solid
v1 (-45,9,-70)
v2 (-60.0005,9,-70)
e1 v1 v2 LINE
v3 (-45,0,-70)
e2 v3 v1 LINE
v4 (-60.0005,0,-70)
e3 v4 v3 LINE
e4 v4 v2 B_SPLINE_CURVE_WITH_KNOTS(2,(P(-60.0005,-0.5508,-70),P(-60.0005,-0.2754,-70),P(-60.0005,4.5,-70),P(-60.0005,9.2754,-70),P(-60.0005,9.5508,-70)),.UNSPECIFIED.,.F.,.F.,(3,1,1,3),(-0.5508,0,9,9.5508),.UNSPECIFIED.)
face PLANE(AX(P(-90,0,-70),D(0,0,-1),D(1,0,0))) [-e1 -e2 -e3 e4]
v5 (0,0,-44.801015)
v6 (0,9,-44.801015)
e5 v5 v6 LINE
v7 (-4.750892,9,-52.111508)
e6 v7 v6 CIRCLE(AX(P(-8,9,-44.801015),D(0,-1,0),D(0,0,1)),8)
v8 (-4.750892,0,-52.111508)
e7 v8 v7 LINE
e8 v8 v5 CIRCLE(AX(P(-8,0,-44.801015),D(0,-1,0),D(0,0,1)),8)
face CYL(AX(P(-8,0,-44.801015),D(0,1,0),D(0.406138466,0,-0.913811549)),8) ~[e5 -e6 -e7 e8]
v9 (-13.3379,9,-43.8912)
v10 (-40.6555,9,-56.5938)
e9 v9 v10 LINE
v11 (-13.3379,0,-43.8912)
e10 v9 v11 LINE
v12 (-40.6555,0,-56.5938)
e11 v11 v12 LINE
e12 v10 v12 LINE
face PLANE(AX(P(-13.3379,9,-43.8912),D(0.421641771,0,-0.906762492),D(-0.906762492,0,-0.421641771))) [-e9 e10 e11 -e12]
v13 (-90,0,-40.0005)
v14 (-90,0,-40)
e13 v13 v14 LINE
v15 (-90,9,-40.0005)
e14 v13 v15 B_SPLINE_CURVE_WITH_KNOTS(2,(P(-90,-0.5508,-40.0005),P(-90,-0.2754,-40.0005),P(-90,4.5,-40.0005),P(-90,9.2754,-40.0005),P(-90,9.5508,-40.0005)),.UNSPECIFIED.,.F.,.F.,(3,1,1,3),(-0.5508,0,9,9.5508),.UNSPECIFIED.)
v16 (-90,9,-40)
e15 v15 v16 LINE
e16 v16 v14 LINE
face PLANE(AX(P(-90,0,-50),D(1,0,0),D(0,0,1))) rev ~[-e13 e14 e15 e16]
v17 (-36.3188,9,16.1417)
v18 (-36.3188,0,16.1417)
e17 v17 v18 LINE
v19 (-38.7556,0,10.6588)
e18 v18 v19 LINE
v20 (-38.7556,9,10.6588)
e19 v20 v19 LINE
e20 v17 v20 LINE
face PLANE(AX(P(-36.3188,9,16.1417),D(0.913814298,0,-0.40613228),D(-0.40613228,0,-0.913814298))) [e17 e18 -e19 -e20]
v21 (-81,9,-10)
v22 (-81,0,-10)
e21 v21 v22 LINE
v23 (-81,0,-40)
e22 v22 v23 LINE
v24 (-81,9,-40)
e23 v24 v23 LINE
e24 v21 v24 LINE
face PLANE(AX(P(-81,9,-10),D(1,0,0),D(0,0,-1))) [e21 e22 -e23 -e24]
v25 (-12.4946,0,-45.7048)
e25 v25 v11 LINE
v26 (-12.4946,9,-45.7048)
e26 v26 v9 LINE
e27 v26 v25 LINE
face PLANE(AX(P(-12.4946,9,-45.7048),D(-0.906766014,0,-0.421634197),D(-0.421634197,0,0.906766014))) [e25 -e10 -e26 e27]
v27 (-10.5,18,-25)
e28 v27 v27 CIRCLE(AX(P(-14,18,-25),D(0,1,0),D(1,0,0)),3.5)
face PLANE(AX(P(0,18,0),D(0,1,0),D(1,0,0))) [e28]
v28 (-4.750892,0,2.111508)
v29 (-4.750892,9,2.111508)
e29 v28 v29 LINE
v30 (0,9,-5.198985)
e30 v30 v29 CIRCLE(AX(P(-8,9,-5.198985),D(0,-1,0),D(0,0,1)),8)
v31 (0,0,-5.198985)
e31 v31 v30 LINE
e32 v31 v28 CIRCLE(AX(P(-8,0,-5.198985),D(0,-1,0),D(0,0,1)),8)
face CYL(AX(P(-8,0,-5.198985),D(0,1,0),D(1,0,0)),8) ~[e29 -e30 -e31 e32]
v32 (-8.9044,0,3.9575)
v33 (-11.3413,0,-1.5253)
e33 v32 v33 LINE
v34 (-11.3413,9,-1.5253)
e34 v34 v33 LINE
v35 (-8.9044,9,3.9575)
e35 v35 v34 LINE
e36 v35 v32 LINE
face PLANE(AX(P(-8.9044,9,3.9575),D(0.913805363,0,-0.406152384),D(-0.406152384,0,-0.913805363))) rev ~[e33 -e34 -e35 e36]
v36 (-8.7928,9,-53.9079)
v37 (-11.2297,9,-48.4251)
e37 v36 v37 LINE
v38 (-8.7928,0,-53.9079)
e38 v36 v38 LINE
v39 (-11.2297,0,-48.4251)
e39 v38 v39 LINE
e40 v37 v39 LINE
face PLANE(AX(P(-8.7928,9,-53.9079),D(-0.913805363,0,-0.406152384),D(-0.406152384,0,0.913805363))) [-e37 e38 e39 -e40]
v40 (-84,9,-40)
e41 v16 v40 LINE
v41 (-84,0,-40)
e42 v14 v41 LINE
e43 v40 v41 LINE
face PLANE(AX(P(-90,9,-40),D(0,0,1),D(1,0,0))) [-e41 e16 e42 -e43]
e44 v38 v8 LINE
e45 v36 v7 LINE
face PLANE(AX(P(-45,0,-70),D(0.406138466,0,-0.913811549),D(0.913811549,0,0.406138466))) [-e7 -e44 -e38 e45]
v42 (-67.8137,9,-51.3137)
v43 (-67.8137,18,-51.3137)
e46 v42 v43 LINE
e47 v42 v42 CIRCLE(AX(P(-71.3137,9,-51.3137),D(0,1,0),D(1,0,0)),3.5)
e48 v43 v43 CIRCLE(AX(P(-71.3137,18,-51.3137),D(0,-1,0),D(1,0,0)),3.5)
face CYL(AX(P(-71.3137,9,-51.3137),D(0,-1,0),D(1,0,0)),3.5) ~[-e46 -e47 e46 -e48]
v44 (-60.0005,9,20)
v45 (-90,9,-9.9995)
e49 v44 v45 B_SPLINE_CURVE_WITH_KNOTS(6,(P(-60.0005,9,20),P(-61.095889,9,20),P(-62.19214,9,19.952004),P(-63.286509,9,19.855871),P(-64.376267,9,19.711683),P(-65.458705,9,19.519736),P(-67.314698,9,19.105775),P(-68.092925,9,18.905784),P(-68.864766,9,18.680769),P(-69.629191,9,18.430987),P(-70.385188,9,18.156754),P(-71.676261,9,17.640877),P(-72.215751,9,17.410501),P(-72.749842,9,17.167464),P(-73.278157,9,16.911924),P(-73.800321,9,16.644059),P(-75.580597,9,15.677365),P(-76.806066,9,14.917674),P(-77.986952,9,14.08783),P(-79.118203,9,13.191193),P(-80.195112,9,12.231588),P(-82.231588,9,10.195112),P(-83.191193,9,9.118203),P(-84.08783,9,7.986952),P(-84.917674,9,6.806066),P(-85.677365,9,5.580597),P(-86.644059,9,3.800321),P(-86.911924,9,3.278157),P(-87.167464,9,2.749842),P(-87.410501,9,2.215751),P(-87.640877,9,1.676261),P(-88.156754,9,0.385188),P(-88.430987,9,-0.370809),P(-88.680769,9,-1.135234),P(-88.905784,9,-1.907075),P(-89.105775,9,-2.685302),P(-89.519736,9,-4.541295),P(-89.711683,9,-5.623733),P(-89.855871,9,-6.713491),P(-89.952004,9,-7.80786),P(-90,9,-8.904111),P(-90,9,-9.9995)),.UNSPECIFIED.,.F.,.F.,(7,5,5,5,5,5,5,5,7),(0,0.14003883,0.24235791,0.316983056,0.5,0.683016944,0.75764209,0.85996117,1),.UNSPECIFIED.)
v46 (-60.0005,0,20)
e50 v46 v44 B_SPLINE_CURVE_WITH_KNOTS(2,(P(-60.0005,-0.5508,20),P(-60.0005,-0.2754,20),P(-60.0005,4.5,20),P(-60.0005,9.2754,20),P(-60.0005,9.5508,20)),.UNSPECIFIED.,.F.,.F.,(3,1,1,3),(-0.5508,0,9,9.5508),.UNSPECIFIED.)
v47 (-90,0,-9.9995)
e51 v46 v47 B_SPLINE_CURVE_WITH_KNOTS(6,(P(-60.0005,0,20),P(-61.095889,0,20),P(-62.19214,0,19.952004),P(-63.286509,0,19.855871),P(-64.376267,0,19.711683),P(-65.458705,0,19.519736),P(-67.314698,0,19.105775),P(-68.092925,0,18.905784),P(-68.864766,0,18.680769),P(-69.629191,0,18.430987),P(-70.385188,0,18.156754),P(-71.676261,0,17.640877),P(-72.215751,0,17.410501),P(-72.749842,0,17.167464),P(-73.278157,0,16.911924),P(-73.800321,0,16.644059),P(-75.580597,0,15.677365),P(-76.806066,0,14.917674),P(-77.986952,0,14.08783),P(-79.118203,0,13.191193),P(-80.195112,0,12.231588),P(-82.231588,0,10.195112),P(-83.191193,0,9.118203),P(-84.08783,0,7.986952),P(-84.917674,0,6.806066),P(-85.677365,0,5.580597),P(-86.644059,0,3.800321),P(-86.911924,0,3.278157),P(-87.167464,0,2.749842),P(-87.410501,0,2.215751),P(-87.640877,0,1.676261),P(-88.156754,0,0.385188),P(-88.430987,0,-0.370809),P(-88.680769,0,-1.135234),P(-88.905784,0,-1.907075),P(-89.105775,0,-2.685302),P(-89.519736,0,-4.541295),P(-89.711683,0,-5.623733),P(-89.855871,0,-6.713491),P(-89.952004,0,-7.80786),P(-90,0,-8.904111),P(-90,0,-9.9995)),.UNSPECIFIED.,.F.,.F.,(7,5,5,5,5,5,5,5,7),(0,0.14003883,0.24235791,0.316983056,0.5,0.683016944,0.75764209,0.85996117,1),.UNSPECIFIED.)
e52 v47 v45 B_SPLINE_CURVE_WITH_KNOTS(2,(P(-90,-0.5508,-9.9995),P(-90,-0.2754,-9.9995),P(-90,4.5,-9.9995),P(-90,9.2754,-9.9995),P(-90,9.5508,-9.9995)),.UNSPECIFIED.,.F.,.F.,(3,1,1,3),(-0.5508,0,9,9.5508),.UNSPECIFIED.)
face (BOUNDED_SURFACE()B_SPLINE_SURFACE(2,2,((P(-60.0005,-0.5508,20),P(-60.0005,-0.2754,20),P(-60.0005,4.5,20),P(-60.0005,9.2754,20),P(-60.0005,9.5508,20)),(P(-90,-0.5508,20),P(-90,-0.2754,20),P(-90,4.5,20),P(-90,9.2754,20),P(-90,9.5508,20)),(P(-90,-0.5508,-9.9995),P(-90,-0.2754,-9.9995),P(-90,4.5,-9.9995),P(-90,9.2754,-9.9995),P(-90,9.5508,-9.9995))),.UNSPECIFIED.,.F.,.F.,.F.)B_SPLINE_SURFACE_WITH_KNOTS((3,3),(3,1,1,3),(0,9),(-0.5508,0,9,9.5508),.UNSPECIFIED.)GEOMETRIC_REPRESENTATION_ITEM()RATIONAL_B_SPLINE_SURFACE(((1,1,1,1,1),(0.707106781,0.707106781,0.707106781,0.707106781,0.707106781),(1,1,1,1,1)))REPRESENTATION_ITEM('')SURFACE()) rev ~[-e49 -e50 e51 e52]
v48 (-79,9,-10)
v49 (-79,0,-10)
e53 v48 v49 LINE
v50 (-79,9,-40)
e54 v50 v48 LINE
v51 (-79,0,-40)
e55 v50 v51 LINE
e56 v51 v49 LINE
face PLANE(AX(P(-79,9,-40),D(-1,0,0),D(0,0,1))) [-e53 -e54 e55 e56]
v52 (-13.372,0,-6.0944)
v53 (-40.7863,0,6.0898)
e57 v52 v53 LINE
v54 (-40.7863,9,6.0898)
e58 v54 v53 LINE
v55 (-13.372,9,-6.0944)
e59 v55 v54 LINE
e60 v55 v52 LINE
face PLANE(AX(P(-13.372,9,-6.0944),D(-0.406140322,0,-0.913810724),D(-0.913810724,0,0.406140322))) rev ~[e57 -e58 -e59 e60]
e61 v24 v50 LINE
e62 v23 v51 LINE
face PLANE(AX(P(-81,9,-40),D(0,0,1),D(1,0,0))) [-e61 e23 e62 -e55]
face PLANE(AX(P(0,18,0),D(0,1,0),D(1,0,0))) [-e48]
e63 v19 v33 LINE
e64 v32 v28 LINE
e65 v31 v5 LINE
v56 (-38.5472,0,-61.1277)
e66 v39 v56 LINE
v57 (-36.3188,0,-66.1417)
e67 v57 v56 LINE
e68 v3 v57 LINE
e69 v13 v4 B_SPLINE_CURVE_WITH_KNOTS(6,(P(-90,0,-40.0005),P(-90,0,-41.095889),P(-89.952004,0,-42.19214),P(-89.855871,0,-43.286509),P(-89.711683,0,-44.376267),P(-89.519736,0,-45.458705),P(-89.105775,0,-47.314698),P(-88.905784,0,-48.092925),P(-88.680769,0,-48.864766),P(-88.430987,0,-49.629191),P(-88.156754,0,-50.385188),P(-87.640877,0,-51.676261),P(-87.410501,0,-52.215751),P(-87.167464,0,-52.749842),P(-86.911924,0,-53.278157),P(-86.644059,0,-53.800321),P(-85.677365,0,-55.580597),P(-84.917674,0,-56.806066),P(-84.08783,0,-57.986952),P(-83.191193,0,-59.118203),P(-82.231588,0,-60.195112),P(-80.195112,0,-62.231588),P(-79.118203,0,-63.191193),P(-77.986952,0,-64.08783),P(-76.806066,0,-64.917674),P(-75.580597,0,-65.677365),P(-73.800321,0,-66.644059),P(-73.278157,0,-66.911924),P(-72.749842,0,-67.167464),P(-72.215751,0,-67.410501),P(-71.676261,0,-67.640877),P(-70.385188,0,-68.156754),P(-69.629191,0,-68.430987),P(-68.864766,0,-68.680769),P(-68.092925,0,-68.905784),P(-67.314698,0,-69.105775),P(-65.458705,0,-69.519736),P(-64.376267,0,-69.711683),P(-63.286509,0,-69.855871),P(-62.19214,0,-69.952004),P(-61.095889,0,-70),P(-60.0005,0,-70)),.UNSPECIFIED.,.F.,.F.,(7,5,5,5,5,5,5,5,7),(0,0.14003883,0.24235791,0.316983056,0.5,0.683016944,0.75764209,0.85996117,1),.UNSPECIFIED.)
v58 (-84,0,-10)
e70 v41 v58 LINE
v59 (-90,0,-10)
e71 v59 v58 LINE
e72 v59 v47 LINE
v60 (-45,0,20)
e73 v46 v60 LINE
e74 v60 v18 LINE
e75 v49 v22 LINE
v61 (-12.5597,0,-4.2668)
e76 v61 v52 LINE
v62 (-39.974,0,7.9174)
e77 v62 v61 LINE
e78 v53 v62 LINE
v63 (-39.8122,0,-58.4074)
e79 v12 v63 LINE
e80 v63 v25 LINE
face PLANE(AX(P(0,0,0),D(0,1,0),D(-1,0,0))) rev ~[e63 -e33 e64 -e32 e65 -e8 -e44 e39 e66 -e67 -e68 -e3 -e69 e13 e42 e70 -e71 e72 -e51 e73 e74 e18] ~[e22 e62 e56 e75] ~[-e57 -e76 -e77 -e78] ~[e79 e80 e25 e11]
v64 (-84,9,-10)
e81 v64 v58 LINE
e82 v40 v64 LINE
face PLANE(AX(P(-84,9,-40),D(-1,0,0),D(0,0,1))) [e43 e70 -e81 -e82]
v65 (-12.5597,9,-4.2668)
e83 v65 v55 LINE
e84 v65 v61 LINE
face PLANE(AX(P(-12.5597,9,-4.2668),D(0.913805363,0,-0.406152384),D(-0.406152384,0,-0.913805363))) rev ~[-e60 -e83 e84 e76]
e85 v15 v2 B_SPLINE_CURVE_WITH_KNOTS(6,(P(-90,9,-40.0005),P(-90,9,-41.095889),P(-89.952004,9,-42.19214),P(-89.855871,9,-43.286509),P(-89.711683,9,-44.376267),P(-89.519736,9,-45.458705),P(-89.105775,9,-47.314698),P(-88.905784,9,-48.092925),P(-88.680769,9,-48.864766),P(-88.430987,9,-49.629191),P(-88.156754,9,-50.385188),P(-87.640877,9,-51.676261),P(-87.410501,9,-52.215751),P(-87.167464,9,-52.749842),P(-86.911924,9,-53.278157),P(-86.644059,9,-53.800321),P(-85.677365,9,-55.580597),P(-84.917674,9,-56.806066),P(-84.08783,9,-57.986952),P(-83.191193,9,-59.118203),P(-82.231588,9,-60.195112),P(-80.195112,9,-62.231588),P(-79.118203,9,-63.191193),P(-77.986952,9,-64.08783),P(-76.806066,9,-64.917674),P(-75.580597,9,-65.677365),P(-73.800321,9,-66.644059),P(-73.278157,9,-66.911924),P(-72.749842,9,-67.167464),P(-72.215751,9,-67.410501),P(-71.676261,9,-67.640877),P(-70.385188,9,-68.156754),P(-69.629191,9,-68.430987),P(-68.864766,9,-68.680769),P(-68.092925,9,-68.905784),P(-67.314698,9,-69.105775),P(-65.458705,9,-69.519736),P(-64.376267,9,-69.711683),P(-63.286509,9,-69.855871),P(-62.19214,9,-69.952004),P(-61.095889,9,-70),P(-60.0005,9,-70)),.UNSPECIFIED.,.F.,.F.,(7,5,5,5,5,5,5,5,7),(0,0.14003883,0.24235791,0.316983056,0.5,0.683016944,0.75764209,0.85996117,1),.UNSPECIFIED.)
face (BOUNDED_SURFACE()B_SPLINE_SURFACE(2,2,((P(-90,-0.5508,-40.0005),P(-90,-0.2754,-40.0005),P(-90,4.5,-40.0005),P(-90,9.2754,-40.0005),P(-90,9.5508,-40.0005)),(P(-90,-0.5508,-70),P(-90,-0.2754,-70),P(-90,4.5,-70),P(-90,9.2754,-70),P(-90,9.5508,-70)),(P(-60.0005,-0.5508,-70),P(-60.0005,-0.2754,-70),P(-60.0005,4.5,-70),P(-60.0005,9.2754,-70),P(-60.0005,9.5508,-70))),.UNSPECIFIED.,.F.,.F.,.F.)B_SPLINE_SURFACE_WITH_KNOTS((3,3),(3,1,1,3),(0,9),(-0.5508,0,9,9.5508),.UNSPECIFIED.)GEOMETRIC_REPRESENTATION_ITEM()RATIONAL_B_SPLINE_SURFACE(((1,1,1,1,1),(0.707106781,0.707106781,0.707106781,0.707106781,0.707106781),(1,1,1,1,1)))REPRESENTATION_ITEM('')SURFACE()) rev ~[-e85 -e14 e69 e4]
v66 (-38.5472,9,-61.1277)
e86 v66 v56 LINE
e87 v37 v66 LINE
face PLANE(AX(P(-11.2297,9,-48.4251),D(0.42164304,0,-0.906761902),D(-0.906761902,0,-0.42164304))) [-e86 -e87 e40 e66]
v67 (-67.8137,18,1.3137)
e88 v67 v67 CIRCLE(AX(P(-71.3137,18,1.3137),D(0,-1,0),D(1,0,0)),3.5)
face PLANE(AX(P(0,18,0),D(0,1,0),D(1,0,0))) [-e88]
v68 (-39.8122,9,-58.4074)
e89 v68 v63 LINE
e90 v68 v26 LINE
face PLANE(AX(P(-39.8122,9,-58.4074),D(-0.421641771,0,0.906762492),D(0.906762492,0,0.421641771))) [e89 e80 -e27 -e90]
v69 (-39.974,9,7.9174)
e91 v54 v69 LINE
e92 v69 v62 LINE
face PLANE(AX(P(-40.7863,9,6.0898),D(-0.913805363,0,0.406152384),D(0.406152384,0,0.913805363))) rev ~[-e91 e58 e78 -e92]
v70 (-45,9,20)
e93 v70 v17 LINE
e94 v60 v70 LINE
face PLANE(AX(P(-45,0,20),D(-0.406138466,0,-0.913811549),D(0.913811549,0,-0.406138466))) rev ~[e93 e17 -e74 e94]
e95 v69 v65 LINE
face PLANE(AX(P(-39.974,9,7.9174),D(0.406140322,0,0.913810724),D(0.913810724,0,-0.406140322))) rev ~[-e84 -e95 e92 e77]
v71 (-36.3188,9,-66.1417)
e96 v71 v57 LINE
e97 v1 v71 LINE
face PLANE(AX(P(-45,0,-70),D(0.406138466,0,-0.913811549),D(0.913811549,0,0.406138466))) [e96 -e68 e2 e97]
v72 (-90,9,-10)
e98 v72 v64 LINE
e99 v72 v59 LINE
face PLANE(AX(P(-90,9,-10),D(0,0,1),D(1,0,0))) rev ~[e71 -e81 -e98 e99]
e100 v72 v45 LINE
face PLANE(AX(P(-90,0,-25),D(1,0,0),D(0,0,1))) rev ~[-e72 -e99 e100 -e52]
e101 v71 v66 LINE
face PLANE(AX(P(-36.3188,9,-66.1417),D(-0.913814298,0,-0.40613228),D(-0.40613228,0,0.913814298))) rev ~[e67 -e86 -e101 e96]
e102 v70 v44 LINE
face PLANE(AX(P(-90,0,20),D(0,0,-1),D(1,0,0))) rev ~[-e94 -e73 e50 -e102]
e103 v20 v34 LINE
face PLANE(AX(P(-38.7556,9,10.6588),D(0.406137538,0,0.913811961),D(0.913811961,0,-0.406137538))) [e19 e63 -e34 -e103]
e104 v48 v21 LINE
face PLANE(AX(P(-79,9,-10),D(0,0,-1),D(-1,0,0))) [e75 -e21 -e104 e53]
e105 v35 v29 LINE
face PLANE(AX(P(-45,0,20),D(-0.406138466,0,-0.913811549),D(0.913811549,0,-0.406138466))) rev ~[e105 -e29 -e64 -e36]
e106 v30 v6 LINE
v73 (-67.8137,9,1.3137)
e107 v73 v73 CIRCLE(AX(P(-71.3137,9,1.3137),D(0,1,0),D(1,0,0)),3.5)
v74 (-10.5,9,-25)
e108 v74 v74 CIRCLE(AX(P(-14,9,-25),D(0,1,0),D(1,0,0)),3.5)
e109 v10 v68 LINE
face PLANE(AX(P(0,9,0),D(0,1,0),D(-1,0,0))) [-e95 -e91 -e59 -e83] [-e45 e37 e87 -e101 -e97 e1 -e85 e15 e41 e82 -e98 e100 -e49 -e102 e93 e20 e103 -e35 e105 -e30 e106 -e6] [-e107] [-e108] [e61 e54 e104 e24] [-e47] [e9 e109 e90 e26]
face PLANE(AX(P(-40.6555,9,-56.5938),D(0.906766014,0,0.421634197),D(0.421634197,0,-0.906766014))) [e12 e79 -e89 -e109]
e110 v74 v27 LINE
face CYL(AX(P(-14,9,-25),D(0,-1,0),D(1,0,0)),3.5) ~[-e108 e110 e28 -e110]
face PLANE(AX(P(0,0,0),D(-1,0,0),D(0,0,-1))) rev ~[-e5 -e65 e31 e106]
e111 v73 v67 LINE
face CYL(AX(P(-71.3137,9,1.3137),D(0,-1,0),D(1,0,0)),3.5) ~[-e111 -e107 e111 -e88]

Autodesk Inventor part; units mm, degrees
ref_plane "YZ Plane" through (0, 0, 0) normal (1, 0, 0) x (0, 1, 0)
ref_plane "XZ Plane" through (0, 0, 0) normal (0, 1, 0) x (-1, 0, 0)
ref_plane "XY Plane" through (0, 0, 0) normal (0, 0, 1) x (1, 0, 0)
sketch "Sketch1" plane through (0, 0, 0) normal (0, 1, 0) x (-1, 0, 0)
  line L0 (0, 0) -> (0, -50)
  line L1 (90, -50) -> (90, 0)
  line L2 (90, -25) -> (90, -70)
  line L3 (90, -25) -> (90, 20)
  line L4 (90, 20) -> (60, 20)
  line L5 (90, -70) -> (60, -70)
  line L6 (60, 20) -> (45, 20)
  line L7 (60, -70) -> (45, -70)
  line L8 (45, -70) -> (0, -50)
  line L9 (45, 20) -> (0, 0)
extrude "Extrusion1" add sketch "Sketch1" along normal blind 9
fillet "Fillet1" radius 30 2 edges at (-90, 4.5, 20) (-90, 4.5, -70)
sketch "Sketch2" plane through (0, 9, 0) normal (0, 1, 0) x (1, 0, 0)
  arc A0 (-90, 10) -> (-60, -20) centre (-60, 10) ccw projected
  line L0 (-90, 10) -> (-84, 10)
  line L1 (-90, 40) -> (-90, 10) projected
  line L2 (-90, 40) -> (-84, 40)
  line L3 (-84, 40) -> (-84, 10)
  line L4 (-45, -20) -> (0, 0) projected
  line L5 (-45, -20) -> (-22.6116, -10.0496)
  line L6 (-22.6116, -10.0496) -> (-36.3188, -16.1417)
  line L7 (-22.6116, -10.0496) -> (-8.9044, -3.9575)
  line L8 (-8.9044, -3.9575) -> (-11.3413, 1.5253)
  line L9 (-36.3188, -16.1417) -> (-38.7556, -10.6588)
  line L10 (-38.7556, -10.6588) -> (-11.3413, 1.5253)
  line L11 (0, 50) -> (-45, 70) projected
  line L12 (-45, 70) -> (-22.6116, 60.0496)
  line L13 (-22.6116, 60.0496) -> (-36.3188, 66.1417)
  line L14 (-36.3188, 66.1417) -> (-38.7556, 60.6588)
  line L15 (-22.5, 60) -> (-8.7928, 53.9079)
  line L16 (-8.7928, 53.9079) -> (-11.2297, 48.4251)
  line L17 (-11.2297, 48.4251) -> (-38.5472, 61.1277)
  dimension "d11" = 6
extrude "Extrusion2" cut sketch "Sketch2" against normal blind 9
fillet "Fillet2" radius 8 2 edges at (0, 4.5, 0) (0, 4.5, -50)
sketch "Sketch3" plane through (0, 9, 0) normal (0, 1, 0) x (1, 0, 0)
  line L0 (-84, 40) -> (-84, 10) projected
  line L1 (-81, 10) -> (-81, 40)
  line L2 (-81, 40) -> (-79, 40)
  line L3 (-79, 40) -> (-79, 10)
  line L4 (-79, 10) -> (-81, 10)
  line L5 (-36.3188, -16.1417) -> (-38.7556, -10.6588) projected
  line L6 (-39.974, -7.9174) -> (-12.5597, 4.2668)
  line L7 (-12.5597, 4.2668) -> (-13.372, 6.0944)
  line L8 (-13.372, 6.0944) -> (-40.7863, -6.0898)
  line L9 (-40.7863, -6.0898) -> (-39.974, -7.9174)
  line L10 (-38.5472, 61.1277) -> (-38.7617, 60.6665)
  line L11 (-11.2297, 48.4251) -> (-38.5472, 61.1277) projected
  line L12 (-39.8122, 58.4074) -> (-12.4946, 45.7048)
  line L13 (-12.4946, 45.7048) -> (-13.3379, 43.8912)
  line L14 (-13.3379, 43.8912) -> (-40.6555, 56.5938)
  line L15 (-40.6555, 56.5938) -> (-39.8122, 58.4074)
  point P0 (0, 0)
extrude "Extrusion3" cut sketch "Sketch3" against normal blind 9
sketch "Sketch4" plane through (0, 9, 0) normal (0, 1, 0) x (1, 0, 0)
  arc A0 (-90, 10) -> (-60, -20) centre (-60, 10) ccw projected
  line L0 (-60, 10) -> (-81.2132, -11.2132)
  line L1 (-60, 10) -> (-30, 10) construction
  arc A1 (-60, 70) -> (-90, 40) centre (-60, 40) ccw projected
  line L2 (-60, 40) -> (-78.753, 58.753)
  line L3 (-60, 40) -> (-33.4792, 40) construction
  line L4 (0, 5.199) -> (0, 44.801) projected
  line L5 (0, 25) -> (-14, 25)
  line L6 (-81.2132, -11.2132) -> (-71.3137, -1.3137)
  line L7 (-81.2132, 61.2132) -> (-71.3137, 51.3137)
  circle A2 centre (-71.3137, -1.3137) radius 3.5
  circle A3 centre (-71.3137, 51.3137) radius 3.5
  circle A4 centre (-14, 25) radius 3.5
  point P0 (0, 0)
  dimension "d38" = 7
  dimension "d39" = 7
  dimension "d40" = 7
extrude "Extrusion4" add sketch "Sketch4" along normal blind 9
sketch "Sketch5" plane through (0, 0, 0) normal (0, -1, 0) x (1, 0, 0)
  point P0 (0, 0)
properties part number "palm"
